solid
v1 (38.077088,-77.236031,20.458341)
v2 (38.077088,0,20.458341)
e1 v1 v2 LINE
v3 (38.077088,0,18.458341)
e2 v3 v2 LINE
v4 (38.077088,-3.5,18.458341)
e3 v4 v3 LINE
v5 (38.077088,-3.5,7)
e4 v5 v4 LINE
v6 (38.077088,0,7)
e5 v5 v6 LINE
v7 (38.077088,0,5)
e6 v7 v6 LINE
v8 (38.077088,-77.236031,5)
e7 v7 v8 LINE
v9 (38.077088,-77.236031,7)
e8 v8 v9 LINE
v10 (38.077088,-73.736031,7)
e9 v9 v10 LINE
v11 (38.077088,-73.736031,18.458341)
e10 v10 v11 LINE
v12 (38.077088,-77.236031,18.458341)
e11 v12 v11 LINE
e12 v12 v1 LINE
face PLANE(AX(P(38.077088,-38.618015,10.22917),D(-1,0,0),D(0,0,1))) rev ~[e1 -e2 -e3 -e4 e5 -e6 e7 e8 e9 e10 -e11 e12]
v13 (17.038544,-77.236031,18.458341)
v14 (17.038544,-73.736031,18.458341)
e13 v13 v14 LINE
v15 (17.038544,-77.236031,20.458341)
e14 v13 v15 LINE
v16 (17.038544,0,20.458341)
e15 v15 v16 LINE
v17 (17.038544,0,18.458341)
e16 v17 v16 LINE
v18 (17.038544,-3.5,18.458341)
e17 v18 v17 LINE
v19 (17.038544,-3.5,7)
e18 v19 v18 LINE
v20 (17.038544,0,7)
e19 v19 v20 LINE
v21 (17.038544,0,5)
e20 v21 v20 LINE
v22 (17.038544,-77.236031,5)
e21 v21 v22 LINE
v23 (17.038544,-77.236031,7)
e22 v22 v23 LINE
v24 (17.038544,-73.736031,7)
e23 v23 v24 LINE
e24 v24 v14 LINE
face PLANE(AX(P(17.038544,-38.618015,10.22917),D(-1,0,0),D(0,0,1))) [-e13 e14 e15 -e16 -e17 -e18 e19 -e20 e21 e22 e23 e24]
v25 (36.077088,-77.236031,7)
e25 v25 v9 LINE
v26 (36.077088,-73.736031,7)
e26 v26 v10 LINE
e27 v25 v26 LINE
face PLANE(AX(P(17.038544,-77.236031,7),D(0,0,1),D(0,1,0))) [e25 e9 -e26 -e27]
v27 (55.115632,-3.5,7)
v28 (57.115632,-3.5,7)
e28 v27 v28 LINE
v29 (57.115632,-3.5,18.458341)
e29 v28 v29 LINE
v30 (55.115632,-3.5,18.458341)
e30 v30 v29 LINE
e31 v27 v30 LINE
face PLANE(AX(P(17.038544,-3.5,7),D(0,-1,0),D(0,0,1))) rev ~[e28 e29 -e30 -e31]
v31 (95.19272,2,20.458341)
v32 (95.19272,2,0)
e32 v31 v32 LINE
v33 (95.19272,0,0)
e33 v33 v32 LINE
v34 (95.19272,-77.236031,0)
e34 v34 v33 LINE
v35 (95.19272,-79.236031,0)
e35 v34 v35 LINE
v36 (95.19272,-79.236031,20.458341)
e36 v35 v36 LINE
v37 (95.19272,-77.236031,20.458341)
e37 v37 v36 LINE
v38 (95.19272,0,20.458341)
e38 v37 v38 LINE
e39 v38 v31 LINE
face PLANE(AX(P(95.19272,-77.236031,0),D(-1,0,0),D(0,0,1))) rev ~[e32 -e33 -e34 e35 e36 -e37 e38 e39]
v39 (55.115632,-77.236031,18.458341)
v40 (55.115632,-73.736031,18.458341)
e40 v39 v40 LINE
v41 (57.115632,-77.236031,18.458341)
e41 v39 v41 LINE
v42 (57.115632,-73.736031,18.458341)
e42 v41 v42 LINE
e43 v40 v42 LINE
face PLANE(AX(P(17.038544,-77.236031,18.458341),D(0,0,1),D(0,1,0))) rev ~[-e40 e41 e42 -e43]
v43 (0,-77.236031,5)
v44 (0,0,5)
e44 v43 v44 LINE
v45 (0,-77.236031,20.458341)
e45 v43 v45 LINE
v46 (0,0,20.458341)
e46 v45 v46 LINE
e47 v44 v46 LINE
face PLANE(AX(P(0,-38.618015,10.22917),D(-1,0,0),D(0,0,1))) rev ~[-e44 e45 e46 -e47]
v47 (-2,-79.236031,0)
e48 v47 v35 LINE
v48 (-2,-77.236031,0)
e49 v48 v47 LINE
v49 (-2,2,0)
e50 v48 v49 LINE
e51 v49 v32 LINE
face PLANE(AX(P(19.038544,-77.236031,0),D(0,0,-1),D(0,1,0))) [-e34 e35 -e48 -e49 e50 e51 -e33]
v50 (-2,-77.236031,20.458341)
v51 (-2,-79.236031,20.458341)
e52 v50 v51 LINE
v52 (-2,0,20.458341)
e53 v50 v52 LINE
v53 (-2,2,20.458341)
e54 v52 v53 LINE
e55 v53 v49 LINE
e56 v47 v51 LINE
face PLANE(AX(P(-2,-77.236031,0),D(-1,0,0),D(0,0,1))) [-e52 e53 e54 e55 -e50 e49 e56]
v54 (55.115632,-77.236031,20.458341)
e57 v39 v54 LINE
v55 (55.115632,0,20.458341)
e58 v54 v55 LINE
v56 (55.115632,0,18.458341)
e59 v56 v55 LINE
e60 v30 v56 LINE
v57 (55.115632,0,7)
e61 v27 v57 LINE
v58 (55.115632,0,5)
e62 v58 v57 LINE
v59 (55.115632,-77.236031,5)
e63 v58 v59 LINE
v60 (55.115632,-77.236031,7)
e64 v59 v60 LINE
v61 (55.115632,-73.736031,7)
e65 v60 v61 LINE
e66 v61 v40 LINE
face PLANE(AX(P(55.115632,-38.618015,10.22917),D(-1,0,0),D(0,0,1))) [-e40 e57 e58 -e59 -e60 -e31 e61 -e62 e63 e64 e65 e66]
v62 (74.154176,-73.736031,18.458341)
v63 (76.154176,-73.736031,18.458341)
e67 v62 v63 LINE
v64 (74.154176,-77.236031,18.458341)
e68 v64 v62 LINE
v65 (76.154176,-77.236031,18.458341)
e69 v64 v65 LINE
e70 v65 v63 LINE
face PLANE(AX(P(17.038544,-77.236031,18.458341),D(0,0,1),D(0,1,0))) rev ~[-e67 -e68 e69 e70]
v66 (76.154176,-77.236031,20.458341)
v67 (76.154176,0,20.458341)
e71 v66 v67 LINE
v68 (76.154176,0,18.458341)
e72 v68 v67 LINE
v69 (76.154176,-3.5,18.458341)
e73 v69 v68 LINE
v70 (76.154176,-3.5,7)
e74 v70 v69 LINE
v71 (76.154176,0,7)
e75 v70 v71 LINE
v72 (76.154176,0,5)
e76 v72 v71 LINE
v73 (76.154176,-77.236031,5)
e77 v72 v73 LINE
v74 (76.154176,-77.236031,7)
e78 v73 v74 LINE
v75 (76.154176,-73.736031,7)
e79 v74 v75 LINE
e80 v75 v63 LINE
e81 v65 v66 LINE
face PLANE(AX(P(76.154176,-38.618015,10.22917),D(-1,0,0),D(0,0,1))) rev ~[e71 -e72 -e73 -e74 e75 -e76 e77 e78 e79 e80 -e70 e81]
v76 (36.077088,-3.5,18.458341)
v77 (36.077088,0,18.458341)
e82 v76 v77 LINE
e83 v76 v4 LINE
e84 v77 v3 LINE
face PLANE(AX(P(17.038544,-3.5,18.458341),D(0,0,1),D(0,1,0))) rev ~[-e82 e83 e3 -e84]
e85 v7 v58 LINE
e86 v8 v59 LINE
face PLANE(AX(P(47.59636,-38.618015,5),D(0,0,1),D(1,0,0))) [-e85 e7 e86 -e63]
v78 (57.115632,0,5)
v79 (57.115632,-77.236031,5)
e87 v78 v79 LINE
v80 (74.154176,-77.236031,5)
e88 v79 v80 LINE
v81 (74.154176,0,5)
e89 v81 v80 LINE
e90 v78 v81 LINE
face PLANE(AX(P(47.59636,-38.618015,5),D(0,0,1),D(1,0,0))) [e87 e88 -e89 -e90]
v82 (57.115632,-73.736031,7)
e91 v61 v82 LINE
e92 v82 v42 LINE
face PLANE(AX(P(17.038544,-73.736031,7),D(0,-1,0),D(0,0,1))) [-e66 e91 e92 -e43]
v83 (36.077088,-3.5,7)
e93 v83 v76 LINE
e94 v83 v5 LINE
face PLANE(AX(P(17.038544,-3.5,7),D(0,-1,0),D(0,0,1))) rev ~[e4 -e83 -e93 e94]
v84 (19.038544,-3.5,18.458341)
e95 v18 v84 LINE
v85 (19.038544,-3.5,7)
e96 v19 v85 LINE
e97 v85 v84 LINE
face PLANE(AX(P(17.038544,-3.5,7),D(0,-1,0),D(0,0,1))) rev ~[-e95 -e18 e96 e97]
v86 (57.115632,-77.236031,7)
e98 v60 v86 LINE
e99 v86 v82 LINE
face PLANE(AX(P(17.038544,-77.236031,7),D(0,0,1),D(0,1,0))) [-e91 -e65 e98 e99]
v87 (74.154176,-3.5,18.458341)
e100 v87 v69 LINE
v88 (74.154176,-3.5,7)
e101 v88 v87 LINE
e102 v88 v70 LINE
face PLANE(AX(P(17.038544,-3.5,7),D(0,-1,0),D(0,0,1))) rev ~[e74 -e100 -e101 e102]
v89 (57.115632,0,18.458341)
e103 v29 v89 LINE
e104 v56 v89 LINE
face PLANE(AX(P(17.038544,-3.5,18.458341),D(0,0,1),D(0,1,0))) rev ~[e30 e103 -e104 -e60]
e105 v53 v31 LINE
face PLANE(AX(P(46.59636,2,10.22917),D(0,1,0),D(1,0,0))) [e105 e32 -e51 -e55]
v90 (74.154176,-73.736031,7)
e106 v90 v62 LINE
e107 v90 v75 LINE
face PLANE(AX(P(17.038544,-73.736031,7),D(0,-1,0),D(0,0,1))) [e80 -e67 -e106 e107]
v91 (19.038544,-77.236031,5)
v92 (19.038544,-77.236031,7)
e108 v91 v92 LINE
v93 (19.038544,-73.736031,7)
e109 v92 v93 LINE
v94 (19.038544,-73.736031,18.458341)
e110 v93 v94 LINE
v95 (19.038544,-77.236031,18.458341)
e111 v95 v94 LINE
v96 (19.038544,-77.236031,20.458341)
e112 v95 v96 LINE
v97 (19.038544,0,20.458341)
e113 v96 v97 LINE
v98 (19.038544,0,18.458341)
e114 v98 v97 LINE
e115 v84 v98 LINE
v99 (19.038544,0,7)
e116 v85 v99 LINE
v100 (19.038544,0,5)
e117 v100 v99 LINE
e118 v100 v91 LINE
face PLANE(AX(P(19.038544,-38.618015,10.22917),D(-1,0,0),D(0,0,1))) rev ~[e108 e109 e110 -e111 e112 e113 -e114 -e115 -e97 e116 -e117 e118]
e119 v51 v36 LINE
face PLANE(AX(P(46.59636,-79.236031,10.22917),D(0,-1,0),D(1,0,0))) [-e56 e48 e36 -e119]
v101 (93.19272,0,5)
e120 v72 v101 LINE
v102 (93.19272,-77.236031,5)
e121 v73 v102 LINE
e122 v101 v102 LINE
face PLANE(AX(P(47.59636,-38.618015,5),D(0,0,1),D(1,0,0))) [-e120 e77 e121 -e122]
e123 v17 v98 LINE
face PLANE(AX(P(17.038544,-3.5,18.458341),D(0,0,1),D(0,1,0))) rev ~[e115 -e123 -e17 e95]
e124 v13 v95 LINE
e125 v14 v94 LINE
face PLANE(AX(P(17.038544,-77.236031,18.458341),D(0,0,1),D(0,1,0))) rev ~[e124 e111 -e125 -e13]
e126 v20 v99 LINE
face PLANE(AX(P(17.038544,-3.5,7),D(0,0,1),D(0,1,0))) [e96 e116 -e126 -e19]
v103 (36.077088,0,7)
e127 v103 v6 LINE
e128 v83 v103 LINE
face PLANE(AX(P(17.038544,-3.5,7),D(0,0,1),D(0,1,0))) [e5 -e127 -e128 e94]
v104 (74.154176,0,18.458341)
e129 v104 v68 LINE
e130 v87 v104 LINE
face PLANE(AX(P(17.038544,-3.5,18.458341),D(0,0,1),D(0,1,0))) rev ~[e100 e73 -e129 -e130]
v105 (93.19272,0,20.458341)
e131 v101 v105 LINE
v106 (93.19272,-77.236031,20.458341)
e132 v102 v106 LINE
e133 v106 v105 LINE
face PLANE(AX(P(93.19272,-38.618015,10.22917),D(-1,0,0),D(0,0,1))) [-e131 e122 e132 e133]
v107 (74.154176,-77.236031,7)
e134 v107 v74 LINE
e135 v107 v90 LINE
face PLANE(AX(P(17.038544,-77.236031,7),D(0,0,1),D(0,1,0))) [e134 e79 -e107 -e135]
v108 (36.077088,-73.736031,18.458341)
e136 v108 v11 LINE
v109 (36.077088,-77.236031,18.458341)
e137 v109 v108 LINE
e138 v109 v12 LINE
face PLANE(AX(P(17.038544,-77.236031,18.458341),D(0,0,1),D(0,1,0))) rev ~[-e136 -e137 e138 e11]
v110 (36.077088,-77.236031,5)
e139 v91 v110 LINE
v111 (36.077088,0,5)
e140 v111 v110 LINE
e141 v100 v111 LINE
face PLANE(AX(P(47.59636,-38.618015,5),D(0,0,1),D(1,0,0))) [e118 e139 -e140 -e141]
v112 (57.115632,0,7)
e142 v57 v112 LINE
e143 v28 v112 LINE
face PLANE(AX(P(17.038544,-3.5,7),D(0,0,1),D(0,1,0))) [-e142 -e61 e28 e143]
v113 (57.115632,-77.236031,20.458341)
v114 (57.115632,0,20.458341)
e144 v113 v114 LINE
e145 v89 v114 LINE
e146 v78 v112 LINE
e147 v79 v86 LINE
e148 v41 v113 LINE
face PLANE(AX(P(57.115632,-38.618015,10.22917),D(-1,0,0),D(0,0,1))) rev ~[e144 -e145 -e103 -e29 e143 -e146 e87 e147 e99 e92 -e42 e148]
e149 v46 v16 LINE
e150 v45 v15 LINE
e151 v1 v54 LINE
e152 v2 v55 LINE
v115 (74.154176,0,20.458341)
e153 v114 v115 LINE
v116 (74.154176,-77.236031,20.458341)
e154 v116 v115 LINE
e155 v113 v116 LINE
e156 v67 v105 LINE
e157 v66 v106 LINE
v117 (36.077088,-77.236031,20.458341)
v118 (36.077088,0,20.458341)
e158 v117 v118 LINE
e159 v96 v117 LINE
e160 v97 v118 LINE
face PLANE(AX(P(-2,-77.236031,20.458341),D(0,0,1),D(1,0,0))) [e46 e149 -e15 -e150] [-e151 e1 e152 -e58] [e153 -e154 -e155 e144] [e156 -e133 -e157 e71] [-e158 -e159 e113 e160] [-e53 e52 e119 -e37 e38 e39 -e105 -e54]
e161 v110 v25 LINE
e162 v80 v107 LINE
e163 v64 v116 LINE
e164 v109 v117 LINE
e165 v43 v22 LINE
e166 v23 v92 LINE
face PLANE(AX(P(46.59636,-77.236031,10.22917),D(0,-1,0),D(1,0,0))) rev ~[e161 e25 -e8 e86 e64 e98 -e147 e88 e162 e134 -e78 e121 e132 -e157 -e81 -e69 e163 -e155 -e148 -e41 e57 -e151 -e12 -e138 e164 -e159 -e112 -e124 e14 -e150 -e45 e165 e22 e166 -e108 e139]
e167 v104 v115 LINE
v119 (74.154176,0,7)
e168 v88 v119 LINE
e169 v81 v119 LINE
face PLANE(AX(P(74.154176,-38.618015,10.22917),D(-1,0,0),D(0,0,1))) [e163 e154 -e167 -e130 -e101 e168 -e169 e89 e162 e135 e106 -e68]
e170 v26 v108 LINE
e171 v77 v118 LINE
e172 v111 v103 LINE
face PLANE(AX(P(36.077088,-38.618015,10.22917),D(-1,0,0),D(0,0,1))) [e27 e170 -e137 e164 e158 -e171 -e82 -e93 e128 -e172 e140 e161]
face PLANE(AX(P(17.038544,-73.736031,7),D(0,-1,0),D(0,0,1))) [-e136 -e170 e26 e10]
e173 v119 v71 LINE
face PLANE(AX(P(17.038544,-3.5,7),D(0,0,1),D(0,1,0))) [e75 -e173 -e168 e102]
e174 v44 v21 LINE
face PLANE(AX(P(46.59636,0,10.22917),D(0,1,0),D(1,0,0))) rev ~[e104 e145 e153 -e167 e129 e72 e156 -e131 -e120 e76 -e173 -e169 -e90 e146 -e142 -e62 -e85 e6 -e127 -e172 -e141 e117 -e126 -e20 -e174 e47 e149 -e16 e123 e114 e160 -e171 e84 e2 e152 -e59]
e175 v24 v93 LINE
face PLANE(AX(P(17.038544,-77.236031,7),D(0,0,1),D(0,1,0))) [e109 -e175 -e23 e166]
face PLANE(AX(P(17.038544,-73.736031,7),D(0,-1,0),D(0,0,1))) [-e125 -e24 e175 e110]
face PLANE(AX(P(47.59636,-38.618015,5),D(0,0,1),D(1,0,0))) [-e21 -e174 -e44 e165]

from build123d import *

# Parameters (mm, degrees)
SKETCH1_W           = 95.192719723
SKETCH1_H           = 77.236030742
BOSS_EXTRUDE1_DEPTH = 5
SKETCH2_W           = 20.458340989
SKETCH2_H           = 77.236030742
BOSS_EXTRUDE2_DEPTH = 2
SKETCH3_W           = 97.192719723
SKETCH3_H           = 20.458340989
BOSS_EXTRUDE3_DEPTH = 2
SKETCH4_W           = 97.192719723
SKETCH4_H           = 20.458340989
BOSS_EXTRUDE4_DEPTH = 2
LPATTERN1_COUNT     = 6
LPATTERN1_PITCH     = 19.038543945
CUT_EXTRUDE1_REACH  = 115.159
SKETCH7_W           = 11.458340989
SKETCH7_H           = 3.5


with BuildPart() as part:
    # Sketch1 → Boss-Extrude1 (new body)
    with BuildSketch(Plane.XY):
        with Locations((47.596359862, -38.618015371)):
            Rectangle(SKETCH1_W, SKETCH1_H)
    extrude(amount=BOSS_EXTRUDE1_DEPTH)

    # Sketch2 → Boss-Extrude2 (add)
    with BuildSketch(Plane.ZY):
        with Locations((10.229170494, -38.618015371)):
            Rectangle(SKETCH2_W, SKETCH2_H)
    boss_extrude2 = extrude(amount=BOSS_EXTRUDE2_DEPTH)

    # Sketch3 → Boss-Extrude3 (add)
    with BuildSketch(Plane(origin=(0, 0, 0), x_dir=(1, 0, 0), z_dir=(0, 1, 0))):
        with Locations((46.596359862, -10.229170494)):
            Rectangle(SKETCH3_W, SKETCH3_H)
    extrude(amount=BOSS_EXTRUDE3_DEPTH)

    # Sketch4 → Boss-Extrude4 (add)
    with BuildSketch(Plane.XZ.offset(77.236030742)):
        with Locations((46.596359862, 10.229170494)):
            Rectangle(SKETCH4_W, SKETCH4_H)
    extrude(amount=BOSS_EXTRUDE4_DEPTH)

    # LPattern1: Boss-Extrude2 ×6
    with Locations(*[(i * LPATTERN1_PITCH, 0, 0) for i in range(1, LPATTERN1_COUNT)]):
        add(boss_extrude2)

    # Cut-Extrude1: up to this face of the body (flat: up to its plane)
    cut_extrude1_end = Plane(part.part.faces().sort_by_distance((76.154175778, -38.618015371, 12.729170494))[0])
    # Sketch7 → Cut-Extrude1 (cut, up to the picked face)
    with BuildSketch(Plane.ZY.offset(-17.038543945), mode=Mode.PRIVATE) as cut_extrude1_sk1:
        with Locations((12.729170494, -1.75)):
            Rectangle(SKETCH7_W, SKETCH7_H)
    cut_extrude1_tool1 = split(extrude(cut_extrude1_sk1.sketch, amount=-CUT_EXTRUDE1_REACH, mode=Mode.PRIVATE), bisect_by=cut_extrude1_end, keep=Keep.BOTH, mode=Mode.PRIVATE)
    # Sketch7 → Cut-Extrude1 (cut, up to the picked face)
    with BuildSketch(Plane.ZY.offset(-17.038543945), mode=Mode.PRIVATE) as cut_extrude1_sk2:
        with Locations((12.729170494, -75.486030742)):
            Rectangle(SKETCH7_W, SKETCH7_H)
    cut_extrude1_tool2 = split(extrude(cut_extrude1_sk2.sketch, amount=-CUT_EXTRUDE1_REACH, mode=Mode.PRIVATE), bisect_by=cut_extrude1_end, keep=Keep.BOTH, mode=Mode.PRIVATE)
    add(cut_extrude1_tool1.solids().sort_by(Axis((17.038544, -1.75, 12.72917), (1, 0, 0)))[0], mode=Mode.SUBTRACT)
    add(cut_extrude1_tool2.solids().sort_by(Axis((17.038544, -75.486031, 12.72917), (1, 0, 0)))[0], mode=Mode.SUBTRACT)


solid = part.part
